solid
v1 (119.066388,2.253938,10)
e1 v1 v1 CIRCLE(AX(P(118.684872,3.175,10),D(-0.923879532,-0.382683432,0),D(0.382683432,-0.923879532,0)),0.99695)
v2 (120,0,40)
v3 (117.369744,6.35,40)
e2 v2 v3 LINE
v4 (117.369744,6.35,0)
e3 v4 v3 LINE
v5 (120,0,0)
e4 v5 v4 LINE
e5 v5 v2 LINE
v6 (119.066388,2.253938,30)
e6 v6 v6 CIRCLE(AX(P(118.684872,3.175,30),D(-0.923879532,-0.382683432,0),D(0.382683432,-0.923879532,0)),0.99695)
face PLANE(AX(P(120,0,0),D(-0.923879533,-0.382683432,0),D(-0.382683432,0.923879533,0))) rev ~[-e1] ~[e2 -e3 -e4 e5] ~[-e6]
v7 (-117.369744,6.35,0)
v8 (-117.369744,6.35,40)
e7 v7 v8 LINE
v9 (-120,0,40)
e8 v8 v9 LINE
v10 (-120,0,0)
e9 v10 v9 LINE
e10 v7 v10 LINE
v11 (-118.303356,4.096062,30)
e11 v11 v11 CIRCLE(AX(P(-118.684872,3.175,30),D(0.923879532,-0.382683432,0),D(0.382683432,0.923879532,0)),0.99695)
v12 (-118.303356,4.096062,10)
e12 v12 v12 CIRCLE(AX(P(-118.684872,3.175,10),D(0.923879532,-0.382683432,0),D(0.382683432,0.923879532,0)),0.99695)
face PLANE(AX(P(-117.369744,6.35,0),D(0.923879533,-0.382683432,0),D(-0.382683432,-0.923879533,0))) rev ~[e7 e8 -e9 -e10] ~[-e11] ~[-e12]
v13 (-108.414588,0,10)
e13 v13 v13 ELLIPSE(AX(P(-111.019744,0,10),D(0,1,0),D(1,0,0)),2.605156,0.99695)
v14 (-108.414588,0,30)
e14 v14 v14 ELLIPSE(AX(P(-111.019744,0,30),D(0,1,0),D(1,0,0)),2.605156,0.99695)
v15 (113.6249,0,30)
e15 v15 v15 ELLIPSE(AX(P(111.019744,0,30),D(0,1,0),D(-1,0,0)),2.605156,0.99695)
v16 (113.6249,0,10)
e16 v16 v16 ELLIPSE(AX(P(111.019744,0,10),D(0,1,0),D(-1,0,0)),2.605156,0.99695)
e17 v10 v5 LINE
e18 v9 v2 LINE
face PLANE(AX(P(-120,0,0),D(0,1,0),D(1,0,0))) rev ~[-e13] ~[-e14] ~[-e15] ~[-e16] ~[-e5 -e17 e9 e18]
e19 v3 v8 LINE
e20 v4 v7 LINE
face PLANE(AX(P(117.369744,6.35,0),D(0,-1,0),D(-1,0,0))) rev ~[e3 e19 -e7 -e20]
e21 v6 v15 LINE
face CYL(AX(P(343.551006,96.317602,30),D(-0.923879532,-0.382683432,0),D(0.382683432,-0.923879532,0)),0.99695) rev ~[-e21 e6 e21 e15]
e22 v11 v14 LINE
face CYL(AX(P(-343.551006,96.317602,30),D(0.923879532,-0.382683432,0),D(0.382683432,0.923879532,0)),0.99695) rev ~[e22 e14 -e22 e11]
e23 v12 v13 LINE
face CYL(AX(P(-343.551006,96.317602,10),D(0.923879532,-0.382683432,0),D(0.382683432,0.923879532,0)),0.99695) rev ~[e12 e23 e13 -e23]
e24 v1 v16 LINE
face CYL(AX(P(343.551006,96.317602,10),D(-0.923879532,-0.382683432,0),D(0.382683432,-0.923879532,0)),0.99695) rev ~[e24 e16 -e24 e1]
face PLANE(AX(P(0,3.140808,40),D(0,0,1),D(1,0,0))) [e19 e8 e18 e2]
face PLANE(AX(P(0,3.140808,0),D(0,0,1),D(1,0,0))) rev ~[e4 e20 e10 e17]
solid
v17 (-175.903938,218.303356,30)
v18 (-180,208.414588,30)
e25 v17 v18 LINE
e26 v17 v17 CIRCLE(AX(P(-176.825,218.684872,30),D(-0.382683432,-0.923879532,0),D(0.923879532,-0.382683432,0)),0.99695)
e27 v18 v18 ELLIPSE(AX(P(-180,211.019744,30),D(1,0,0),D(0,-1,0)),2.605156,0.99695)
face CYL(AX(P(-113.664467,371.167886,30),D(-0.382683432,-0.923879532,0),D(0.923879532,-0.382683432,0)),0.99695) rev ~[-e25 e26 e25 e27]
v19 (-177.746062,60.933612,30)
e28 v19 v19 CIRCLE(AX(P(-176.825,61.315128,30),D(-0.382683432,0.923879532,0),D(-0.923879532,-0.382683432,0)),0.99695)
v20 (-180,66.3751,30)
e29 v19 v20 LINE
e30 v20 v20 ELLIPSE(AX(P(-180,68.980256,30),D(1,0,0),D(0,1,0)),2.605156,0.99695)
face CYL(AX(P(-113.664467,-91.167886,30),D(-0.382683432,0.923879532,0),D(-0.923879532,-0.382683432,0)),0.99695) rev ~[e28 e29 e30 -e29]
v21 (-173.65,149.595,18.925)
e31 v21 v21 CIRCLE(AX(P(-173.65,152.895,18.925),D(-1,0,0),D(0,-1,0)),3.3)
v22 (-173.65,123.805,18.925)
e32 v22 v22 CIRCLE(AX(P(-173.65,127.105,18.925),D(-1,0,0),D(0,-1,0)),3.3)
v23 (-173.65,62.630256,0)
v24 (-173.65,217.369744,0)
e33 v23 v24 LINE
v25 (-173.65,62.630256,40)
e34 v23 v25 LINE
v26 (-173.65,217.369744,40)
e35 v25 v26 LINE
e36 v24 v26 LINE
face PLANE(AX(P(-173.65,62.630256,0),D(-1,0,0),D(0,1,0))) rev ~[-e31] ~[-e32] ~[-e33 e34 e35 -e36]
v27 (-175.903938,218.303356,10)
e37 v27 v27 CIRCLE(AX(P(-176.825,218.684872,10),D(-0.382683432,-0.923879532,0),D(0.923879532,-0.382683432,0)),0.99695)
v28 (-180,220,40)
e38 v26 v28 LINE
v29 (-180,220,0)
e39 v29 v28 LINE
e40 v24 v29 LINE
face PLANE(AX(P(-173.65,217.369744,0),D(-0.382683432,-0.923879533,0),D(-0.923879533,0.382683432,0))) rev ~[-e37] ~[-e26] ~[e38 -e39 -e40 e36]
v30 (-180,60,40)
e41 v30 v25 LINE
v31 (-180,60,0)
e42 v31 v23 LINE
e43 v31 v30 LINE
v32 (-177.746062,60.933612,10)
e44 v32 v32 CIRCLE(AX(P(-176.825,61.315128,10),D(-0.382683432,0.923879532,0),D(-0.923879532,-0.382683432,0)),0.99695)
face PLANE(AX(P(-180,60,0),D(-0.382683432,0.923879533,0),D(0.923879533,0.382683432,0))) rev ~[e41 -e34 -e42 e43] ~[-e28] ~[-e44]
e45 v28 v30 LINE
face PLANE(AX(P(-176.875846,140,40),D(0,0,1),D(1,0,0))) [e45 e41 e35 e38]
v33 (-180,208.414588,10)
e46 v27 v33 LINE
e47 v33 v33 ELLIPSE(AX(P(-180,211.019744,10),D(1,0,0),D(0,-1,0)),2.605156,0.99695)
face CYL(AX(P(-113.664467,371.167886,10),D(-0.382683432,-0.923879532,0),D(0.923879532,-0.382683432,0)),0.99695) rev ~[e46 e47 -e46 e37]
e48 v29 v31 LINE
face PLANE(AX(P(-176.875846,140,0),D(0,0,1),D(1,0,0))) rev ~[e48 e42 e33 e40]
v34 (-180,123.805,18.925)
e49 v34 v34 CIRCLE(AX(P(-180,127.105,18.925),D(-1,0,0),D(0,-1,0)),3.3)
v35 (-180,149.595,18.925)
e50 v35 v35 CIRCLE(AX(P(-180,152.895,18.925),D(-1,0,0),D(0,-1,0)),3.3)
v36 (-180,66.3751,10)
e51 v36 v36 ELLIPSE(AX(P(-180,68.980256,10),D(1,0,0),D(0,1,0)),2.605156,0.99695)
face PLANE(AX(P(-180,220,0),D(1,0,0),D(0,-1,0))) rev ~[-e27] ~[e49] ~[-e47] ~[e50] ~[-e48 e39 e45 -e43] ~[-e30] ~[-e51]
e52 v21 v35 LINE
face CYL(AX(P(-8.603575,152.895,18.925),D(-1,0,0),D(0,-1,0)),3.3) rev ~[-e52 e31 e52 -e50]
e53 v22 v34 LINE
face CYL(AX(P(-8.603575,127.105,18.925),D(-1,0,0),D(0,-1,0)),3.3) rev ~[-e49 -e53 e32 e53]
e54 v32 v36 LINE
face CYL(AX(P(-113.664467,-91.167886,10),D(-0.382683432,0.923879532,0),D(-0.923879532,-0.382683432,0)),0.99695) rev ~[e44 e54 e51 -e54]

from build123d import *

# Parameters (mm, degrees)
F1_DEPTH     = 40
F2_DEPTH     = 40
F3_DEPTH     = 40
F4_DEPTH     = 40
F6_D         = 6.6
F8_D         = 6.6
F14_D        = 1.9939
F14_ON_F13_D = 1.9939
F14_ON_F10_D = 1.9939
F14_ON_F11_D = 1.9939


with BuildPart() as f1:
    # F0 (on Top) → F1 (new body)
    with BuildSketch(Plane.XY):
        Polygon((120, 280), (-120, 280), (-117.3697438789, 273.65), (117.3697438789, 273.65), align=None)
    extrude(amount=F1_DEPTH)


with BuildPart() as f2:
    # F0 (on Top) → F2 (new body)
    with BuildSketch(Plane.XY):
        Polygon((-180, 220), (-180, 60), (-173.65, 62.6302561211), (-173.65, 217.3697438789), align=None)
    extrude(amount=F2_DEPTH)

    # F6 (through all)
    with Locations(Plane.YZ.offset(-173.65)):
        with Locations((127.105, 18.925), (152.895, 18.925)):
            Hole(F6_D / 2)

    # F14 on F10 (through all)
    with Locations(Plane(origin=(-47.5735931288, 114.8528137424, 0), x_dir=(0.9238795325, 0.3826834324, 0), z_dir=(0.3826834324, -0.9238795325, 0))):
        with Locations((-139.9007146742, 30), (-139.9007146742, 10)):
            Hole(F14_ON_F10_D / 2)

    # F14 on F11 (through all)
    with Locations(Plane(origin=(51.4213562373, 124.1421356237, 0), x_dir=(-0.9238795325, 0.3826834324, 0), z_dir=(0.3826834324, 0.9238795325, 0))):
        with Locations((247.0520757364, 30), (247.0520757364, 10)):
            Hole(F14_ON_F11_D / 2)


with BuildPart() as f3:
    # F0 (on Top) → F3 (new body)
    with BuildSketch(Plane.XY):
        Polygon((173.65, 62.6302561211), (180, 60), (180, 220), (173.65, 217.3697438789), align=None)
    extrude(amount=F3_DEPTH)

    # F8 (through all)
    with Locations(Plane(origin=(173.65, 0, 0), x_dir=(0, -1, 0), z_dir=(-1, 0, 0))):
        with Locations((-127.105, 20), (-152.895, 20)):
            Hole(F8_D / 2)


with BuildPart() as f4:
    # F0 (on Top) → F4 (new body)
    with BuildSketch(Plane.XY):
        Polygon((-117.3697438789, 6.35), (-120, 0), (120, 0), (117.3697438789, 6.35), align=None)
    extrude(amount=F4_DEPTH)

    # F14 (through all)
    with Locations(Plane(origin=(102.4264068712, 42.4264068712, 0), x_dir=(-0.3826834324, 0.9238795325, 0), z_dir=(0.9238795325, 0.3826834324, 0))):
        with Locations((-42.4854166479, 30), (-42.4854166479, 10)):
            Hole(F14_D / 2)

    # F14 on F13 (through all)
    with Locations(Plane(origin=(-102.4264068712, 42.4264068712, 0), x_dir=(-0.3826834324, -0.9238795325, 0), z_dir=(-0.9238795325, 0.3826834324, 0))):
        with Locations((42.4854166479, 30), (42.4854166479, 10)):
            Hole(F14_ON_F13_D / 2)


solid = Compound([f2.part, f4.part])
